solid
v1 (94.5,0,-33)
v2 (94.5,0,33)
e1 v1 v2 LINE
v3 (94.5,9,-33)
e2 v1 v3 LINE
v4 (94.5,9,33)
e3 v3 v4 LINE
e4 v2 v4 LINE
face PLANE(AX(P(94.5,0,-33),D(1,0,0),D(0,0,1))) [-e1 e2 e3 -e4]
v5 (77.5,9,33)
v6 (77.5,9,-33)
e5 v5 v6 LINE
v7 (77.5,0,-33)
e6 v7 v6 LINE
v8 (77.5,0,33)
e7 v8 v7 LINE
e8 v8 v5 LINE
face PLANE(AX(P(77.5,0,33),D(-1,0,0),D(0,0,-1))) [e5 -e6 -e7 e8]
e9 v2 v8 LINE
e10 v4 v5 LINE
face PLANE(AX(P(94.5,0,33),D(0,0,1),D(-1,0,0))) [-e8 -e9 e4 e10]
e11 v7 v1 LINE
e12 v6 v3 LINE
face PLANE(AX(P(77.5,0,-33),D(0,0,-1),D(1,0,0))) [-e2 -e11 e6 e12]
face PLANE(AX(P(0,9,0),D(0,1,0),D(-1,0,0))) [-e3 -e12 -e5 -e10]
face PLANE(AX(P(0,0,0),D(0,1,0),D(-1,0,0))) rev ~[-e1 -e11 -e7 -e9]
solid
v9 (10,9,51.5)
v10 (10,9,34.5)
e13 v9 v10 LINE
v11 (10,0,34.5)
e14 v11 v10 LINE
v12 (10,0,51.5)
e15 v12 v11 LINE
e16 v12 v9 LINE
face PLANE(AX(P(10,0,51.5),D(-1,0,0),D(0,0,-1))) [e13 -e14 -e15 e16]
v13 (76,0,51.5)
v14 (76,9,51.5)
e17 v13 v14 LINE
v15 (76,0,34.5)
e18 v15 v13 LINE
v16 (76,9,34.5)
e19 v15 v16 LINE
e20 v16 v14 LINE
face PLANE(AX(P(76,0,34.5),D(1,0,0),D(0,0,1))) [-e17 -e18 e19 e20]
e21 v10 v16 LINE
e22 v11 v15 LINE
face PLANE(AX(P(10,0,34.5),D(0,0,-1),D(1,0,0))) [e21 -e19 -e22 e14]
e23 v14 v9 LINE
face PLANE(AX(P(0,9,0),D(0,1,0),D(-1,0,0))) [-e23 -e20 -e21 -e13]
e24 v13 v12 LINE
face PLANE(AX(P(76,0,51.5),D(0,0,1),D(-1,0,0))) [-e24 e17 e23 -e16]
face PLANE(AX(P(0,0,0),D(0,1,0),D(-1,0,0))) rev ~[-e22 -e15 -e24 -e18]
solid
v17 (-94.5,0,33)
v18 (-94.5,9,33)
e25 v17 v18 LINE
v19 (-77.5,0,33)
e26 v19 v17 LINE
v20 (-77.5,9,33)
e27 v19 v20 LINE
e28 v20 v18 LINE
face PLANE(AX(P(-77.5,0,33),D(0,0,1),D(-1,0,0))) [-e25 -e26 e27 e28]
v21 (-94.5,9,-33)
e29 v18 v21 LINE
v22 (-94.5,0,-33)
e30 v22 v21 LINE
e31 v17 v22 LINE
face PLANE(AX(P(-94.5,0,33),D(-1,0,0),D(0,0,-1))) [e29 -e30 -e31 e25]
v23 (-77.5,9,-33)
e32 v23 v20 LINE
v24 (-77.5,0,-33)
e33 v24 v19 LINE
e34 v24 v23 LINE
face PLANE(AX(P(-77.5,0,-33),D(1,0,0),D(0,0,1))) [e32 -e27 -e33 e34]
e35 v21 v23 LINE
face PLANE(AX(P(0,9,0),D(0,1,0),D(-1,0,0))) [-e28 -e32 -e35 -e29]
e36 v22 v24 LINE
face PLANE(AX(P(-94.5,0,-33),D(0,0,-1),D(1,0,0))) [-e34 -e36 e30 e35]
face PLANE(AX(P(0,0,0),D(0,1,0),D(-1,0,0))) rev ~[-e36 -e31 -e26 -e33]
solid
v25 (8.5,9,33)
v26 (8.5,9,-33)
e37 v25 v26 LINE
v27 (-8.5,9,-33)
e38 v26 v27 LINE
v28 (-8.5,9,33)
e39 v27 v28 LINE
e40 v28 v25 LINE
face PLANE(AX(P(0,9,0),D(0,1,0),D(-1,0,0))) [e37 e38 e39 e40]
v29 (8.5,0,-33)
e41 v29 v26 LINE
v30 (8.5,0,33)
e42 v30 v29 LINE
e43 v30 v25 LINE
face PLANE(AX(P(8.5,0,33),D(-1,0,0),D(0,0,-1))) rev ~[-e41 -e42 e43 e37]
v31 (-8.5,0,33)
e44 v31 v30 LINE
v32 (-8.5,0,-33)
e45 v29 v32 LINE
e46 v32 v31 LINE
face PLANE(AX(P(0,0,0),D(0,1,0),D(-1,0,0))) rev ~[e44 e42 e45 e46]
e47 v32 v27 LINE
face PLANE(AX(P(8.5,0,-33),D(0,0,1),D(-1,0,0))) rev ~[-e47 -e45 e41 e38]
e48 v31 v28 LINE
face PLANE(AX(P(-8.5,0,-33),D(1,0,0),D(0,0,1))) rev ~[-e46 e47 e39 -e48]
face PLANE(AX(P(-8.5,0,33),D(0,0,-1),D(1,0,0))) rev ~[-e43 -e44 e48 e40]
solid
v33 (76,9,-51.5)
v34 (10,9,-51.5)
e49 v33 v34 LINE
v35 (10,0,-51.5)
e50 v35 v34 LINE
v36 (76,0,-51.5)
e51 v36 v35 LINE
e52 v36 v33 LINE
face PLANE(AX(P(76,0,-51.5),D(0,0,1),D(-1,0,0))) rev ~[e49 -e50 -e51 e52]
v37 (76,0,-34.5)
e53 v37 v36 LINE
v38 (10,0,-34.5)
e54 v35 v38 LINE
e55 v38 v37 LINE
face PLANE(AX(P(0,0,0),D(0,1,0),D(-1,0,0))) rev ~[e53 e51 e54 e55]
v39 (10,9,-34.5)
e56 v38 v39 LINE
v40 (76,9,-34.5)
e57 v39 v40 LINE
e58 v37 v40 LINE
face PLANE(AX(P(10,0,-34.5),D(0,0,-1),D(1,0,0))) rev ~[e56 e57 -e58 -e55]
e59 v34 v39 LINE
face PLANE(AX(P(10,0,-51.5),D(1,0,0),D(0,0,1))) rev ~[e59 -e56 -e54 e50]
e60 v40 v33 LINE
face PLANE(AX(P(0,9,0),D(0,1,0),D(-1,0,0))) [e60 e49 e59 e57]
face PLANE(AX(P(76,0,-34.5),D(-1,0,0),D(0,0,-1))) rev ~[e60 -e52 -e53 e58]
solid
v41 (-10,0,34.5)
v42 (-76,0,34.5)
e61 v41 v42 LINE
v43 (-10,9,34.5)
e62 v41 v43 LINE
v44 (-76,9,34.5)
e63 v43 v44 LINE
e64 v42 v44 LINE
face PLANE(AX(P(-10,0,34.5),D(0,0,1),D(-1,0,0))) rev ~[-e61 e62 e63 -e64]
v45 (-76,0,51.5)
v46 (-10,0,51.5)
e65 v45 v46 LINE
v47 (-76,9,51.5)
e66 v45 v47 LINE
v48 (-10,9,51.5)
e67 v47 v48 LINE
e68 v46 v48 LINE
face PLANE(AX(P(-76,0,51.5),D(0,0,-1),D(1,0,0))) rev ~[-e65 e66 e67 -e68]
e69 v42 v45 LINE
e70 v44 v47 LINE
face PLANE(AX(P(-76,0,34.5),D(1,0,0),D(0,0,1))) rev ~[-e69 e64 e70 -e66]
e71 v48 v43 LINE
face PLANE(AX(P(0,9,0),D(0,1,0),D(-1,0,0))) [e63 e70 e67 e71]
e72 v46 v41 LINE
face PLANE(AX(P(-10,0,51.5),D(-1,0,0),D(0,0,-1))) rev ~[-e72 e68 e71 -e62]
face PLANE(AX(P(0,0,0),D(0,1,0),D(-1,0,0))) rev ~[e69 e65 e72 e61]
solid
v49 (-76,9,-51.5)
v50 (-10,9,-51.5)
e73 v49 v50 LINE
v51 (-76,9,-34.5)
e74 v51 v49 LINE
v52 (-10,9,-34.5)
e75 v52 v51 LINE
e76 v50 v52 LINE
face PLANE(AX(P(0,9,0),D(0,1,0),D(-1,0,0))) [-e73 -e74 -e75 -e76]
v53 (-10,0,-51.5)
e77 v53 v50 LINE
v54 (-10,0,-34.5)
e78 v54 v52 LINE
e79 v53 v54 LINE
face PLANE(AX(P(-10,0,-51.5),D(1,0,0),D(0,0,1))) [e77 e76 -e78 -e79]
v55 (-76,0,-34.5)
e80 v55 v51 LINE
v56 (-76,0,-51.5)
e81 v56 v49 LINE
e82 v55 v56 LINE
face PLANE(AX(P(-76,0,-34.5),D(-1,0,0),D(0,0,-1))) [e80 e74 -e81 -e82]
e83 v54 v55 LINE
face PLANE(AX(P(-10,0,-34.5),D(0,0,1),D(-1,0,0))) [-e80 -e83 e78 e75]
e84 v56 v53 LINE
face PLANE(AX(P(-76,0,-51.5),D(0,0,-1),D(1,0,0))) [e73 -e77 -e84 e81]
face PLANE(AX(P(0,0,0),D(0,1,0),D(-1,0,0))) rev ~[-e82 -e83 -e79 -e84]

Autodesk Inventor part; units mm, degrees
ref_plane "YZ Plane" through (0, 0, 0) normal (1, 0, 0) x (0, 1, 0)
ref_plane "XZ Plane" through (0, 0, 0) normal (0, 1, 0) x (-1, 0, 0)
ref_plane "XY Plane" through (0, 0, 0) normal (0, 0, 1) x (1, 0, 0)
sketch "Sketch1" plane through (0, 0, 0) normal (0, 1, 0) x (-1, 0, 0)
  line L0 (86, 43) -> (0, 43) construction
  line L1 (0, 43) -> (0, -43) construction
  line L2 (0, -43) -> (86, -43) construction
  line L3 (86, -43) -> (86, 43) construction
  line L4 (0, 43) -> (-86, 43) construction
  line L5 (-86, 43) -> (-86, -43) construction
  line L6 (-86, -43) -> (0, -43) construction
  line L7 (0, -43) -> (0, 43) construction
  line L8 (76, 51.5) -> (10, 51.5)
  line L9 (10, 51.5) -> (10, 34.5)
  line L10 (10, 34.5) -> (76, 34.5)
  line L11 (76, 34.5) -> (76, 51.5)
  line L12 (8.5, 33) -> (-8.5, 33)
  line L13 (-8.5, 33) -> (-8.5, -33)
  line L14 (-8.5, -33) -> (8.5, -33)
  line L15 (8.5, -33) -> (8.5, 33)
  line L16 (86, 0) -> (-86, 0) construction
  line L17 (43, 43) -> (43, -43) construction
  line L18 (77.5, 33) -> (94.5, 33)
  line L19 (94.5, 33) -> (94.5, -33)
  line L20 (94.5, -33) -> (77.5, -33)
  line L21 (77.5, -33) -> (77.5, 33)
  line L22 (-43, 43) -> (-43, -43) construction
  line L23 (-94.5, 33) -> (-77.5, 33)
  line L24 (-77.5, 33) -> (-77.5, -33)
  line L25 (-77.5, -33) -> (-94.5, -33)
  line L26 (-94.5, -33) -> (-94.5, 33)
  line L27 (-76, 51.5) -> (-10, 51.5)
  line L28 (-10, 51.5) -> (-10, 34.5)
  line L29 (-10, 34.5) -> (-76, 34.5)
  line L30 (-76, 34.5) -> (-76, 51.5)
  line L31 (76, -51.5) -> (10, -51.5)
  line L32 (10, -51.5) -> (10, -34.5)
  line L33 (10, -34.5) -> (76, -34.5)
  line L34 (76, -34.5) -> (76, -51.5)
  line L35 (-10, -51.5) -> (-10, -34.5)
  line L36 (-10, -34.5) -> (-76, -34.5)
  line L37 (-76, -51.5) -> (-10, -51.5)
  line L38 (-76, -34.5) -> (-76, -51.5)
  point P0 (0, 0)
  point P1 (0, 0)
  point P2 (76, 43)
  point P3 (0, 33)
  point P4 (86, 33)
  point P5 (-86, 0)
  point P6 (-86, 33)
  point P7 (-76, 43)
  point P8 (76, -43)
  point P9 (-76, -43)
  dimension "d2" = 86
  dimension "d3" = 86
  dimension "d4" = 17
  dimension "d5" = 17
  dimension "d6" = 66
  dimension "d7" = 66
  dimension "d8" = 86
extrude "Extrusion1" add sketch "Sketch1" along normal blind 9
equation "\"d2\" = d8"
equation "\"d3\" = d8"
equation "\"d5\" = d4"
equation "\"d7\" = d6"
properties part number "Digit"
